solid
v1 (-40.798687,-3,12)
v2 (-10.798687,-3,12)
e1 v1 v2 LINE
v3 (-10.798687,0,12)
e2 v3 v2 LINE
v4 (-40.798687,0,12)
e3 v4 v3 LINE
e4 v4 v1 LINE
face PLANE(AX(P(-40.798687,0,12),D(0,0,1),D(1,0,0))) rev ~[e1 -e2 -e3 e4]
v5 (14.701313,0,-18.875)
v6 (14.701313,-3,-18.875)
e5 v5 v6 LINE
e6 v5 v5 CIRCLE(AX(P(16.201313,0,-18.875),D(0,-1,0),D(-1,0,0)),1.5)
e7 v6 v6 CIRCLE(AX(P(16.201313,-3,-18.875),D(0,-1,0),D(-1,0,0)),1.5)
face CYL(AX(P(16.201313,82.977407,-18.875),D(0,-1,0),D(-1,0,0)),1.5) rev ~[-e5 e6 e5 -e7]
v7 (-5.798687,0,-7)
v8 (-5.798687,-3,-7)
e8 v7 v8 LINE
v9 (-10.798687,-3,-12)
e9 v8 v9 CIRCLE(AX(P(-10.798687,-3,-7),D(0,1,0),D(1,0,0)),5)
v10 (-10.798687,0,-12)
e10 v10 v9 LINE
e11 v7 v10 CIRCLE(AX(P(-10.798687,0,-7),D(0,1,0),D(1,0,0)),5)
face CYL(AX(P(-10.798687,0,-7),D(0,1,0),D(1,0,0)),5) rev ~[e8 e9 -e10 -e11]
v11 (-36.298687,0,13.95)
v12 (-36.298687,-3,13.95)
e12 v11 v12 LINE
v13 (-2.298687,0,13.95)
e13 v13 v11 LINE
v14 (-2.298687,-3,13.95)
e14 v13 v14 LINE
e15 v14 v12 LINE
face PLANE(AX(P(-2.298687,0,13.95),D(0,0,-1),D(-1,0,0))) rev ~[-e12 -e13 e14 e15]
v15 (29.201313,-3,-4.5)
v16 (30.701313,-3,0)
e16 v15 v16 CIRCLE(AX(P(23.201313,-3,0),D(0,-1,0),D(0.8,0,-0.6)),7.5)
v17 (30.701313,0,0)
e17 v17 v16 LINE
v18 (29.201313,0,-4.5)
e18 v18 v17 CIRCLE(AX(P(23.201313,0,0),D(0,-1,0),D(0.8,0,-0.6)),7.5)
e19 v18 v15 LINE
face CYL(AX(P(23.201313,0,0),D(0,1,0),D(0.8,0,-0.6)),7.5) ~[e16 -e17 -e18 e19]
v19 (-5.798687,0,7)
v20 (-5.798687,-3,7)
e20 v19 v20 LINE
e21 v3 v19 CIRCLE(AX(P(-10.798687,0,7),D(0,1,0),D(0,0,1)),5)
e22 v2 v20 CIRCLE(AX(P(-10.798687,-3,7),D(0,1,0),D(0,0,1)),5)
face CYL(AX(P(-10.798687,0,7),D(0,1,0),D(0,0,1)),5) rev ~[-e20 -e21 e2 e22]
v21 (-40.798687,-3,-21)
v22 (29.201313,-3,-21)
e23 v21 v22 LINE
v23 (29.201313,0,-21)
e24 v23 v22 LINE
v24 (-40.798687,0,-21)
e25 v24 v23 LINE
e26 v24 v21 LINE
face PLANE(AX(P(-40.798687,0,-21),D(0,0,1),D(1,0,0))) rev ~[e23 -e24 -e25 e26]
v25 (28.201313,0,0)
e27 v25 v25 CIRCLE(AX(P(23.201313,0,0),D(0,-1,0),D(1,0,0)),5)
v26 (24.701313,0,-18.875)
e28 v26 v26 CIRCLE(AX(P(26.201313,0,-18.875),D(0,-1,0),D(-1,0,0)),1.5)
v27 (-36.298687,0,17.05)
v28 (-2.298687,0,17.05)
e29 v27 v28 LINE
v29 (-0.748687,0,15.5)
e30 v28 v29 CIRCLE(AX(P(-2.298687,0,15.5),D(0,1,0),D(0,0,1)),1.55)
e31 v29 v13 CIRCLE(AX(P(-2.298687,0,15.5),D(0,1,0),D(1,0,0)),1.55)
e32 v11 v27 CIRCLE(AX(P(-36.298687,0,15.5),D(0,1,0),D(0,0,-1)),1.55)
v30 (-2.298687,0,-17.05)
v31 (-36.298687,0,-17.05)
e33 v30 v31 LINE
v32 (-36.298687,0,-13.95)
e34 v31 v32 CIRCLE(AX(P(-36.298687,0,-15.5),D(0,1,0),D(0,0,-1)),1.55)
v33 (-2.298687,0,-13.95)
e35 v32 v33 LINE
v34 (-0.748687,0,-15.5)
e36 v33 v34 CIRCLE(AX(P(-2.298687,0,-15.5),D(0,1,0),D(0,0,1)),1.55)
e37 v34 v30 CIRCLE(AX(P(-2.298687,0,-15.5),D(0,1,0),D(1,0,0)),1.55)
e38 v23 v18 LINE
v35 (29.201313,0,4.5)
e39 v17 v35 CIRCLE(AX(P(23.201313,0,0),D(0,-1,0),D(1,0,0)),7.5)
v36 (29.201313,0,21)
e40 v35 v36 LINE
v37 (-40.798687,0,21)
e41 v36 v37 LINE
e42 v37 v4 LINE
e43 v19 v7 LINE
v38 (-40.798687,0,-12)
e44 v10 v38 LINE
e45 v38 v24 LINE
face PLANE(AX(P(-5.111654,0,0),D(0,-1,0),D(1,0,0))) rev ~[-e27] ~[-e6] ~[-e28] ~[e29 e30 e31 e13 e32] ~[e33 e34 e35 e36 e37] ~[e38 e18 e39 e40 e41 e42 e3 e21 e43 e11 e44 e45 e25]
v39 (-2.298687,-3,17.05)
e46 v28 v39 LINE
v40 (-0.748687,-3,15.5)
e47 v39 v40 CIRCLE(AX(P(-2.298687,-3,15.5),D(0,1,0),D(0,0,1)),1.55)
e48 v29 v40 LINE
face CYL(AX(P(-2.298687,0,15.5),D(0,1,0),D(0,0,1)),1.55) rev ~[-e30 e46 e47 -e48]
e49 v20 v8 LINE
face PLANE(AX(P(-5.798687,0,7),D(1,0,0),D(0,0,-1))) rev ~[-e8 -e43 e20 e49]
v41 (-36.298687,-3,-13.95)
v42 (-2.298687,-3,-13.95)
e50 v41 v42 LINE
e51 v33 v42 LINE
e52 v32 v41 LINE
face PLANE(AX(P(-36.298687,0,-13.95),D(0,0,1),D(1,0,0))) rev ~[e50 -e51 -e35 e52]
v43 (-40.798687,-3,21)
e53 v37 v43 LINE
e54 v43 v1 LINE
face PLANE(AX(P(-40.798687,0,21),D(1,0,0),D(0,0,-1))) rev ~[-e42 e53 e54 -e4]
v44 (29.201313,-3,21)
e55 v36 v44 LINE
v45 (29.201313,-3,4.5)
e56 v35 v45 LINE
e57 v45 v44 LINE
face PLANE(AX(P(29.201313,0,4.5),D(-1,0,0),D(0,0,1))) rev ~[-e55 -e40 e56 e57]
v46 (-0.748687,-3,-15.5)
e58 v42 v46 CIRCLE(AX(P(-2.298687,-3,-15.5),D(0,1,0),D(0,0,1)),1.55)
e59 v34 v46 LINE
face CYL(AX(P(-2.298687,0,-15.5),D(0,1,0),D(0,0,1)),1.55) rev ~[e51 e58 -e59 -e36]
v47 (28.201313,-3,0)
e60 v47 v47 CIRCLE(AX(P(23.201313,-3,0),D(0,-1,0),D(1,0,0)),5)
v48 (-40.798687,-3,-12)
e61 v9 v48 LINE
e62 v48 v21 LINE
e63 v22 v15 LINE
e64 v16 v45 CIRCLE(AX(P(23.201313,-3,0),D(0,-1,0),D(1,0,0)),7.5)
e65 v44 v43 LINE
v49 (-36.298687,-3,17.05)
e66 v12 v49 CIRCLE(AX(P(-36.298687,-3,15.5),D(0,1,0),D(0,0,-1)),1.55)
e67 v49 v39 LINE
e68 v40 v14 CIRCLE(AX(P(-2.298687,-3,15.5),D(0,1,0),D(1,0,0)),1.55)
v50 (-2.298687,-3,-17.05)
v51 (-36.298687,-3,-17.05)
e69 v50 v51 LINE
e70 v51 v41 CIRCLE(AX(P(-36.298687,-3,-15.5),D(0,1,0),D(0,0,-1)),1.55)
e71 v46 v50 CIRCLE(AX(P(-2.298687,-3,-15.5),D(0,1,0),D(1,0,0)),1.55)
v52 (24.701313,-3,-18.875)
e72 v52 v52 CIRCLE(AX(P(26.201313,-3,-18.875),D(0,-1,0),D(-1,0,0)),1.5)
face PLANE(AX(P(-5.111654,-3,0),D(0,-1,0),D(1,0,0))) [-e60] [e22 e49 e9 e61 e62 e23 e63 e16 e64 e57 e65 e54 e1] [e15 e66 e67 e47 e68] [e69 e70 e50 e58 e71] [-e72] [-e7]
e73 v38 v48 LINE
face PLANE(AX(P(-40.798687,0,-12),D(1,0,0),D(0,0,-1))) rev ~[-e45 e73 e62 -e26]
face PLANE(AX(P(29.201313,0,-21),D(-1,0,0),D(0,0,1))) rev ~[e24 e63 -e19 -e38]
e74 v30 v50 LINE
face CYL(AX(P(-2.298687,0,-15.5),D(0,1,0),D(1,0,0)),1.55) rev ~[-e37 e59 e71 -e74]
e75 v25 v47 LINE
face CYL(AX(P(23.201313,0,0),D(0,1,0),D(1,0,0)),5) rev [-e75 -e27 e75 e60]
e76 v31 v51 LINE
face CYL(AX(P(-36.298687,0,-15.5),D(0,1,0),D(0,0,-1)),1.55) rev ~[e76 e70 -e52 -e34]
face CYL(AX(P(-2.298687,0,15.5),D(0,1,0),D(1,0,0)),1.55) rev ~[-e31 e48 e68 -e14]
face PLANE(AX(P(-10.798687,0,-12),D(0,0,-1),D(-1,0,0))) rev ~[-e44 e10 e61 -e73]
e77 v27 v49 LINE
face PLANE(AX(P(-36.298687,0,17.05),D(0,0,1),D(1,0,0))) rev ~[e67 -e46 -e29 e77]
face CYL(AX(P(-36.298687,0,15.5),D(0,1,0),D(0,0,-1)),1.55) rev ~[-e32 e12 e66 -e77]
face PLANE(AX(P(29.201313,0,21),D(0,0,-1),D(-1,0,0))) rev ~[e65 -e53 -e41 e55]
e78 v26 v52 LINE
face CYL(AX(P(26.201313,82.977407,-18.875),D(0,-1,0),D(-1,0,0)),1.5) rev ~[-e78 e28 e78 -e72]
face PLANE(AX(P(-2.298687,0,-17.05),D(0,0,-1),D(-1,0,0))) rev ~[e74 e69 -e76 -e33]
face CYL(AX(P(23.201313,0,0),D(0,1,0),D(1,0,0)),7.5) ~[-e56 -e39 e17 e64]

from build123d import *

# Parameters (mm, degrees)
F0_R     = 5
F1_DEPTH = 3
F2_D     = 3


with BuildPart() as f1:
    # F0 (on Front) → F1 (new body)
    with BuildSketch(Plane.XZ):
        with BuildLine():
            Line((29.2013126835, 21), (-40.7986873165, 21))
            Line((-40.7986873165, 21), (-40.7986873165, 12))
            Line((-40.7986873165, 12), (-10.7986873165, 12))
            ThreePointArc((-10.7986873165, 12), (-7.2631534106, 10.5355339059), (-5.7986873165, 7))
            Line((-5.7986873165, 7), (-5.7986873165, -7))
            ThreePointArc((-5.7986873165, -7), (-7.2631534106, -10.5355339059), (-10.7986873165, -12))
            Line((-10.7986873165, -12), (-40.7986873165, -12))
            Line((-40.7986873165, -12), (-40.7986873165, -21))
            Line((-40.7986873165, -21), (29.2013126835, -21))
            Line((29.2013126835, -21), (29.2013126835, -4.5))
            ThreePointArc((29.2013126835, -4.5), (15.7013126835, 0), (29.2013126835, 4.5))
            Line((29.2013126835, 4.5), (29.2013126835, 21))
        make_face()
        with BuildLine():
            Line((-2.2986873165, -17.05), (-36.2986873165, -17.05))
            ThreePointArc((-36.2986873165, -17.05), (-37.8486873165, -15.5), (-36.2986873165, -13.95))
            Line((-36.2986873165, -13.95), (-2.2986873165, -13.95))
            ThreePointArc((-2.2986873165, -13.95), (-1.2026718057, -14.4039844892), (-0.7486873165, -15.5))
            ThreePointArc((-0.7486873165, -15.5), (-1.2026718057, -16.5960155108), (-2.2986873165, -17.05))
        make_face(mode=Mode.SUBTRACT)
        with BuildLine():
            ThreePointArc((-36.2986873165, 13.95), (-37.8486873165, 15.5), (-36.2986873165, 17.05))
            Line((-36.2986873165, 17.05), (-2.2986873165, 17.05))
            ThreePointArc((-2.2986873165, 17.05), (-1.2026718057, 16.5960155108), (-0.7486873165, 15.5))
            ThreePointArc((-0.7486873165, 15.5), (-1.2026718057, 14.4039844892), (-2.2986873165, 13.95))
            Line((-2.2986873165, 13.95), (-36.2986873165, 13.95))
        make_face(mode=Mode.SUBTRACT)
        with BuildLine():
            ThreePointArc((30.7013126835, 0), (30.3164374189, 2.3717082451), (29.2013126835, 4.5))
            Line((29.2013126835, 4.5), (29.2013126835, -4.5))
            ThreePointArc((29.2013126835, -4.5), (30.3164374189, -2.3717082451), (30.7013126835, 0))
        make_face()
        with BuildLine():
            Line((29.2013126835, -4.5), (29.2013126835, 4.5))
            ThreePointArc((29.2013126835, 4.5), (15.7013126835, 0), (29.2013126835, -4.5))
        make_face()
        with Locations((23.2013126835, 0)):
            Circle(F0_R, mode=Mode.SUBTRACT)
    extrude(amount=F1_DEPTH)

    # F2 (through all)
    with Locations(Plane(origin=(0, 0, 0), x_dir=(1, 0, 0), z_dir=(0, 1, 0))):
        with Locations((16.2013126835, 18.875), (26.2013126835, 18.875)):
            Hole(F2_D / 2)


solid = f1.part
